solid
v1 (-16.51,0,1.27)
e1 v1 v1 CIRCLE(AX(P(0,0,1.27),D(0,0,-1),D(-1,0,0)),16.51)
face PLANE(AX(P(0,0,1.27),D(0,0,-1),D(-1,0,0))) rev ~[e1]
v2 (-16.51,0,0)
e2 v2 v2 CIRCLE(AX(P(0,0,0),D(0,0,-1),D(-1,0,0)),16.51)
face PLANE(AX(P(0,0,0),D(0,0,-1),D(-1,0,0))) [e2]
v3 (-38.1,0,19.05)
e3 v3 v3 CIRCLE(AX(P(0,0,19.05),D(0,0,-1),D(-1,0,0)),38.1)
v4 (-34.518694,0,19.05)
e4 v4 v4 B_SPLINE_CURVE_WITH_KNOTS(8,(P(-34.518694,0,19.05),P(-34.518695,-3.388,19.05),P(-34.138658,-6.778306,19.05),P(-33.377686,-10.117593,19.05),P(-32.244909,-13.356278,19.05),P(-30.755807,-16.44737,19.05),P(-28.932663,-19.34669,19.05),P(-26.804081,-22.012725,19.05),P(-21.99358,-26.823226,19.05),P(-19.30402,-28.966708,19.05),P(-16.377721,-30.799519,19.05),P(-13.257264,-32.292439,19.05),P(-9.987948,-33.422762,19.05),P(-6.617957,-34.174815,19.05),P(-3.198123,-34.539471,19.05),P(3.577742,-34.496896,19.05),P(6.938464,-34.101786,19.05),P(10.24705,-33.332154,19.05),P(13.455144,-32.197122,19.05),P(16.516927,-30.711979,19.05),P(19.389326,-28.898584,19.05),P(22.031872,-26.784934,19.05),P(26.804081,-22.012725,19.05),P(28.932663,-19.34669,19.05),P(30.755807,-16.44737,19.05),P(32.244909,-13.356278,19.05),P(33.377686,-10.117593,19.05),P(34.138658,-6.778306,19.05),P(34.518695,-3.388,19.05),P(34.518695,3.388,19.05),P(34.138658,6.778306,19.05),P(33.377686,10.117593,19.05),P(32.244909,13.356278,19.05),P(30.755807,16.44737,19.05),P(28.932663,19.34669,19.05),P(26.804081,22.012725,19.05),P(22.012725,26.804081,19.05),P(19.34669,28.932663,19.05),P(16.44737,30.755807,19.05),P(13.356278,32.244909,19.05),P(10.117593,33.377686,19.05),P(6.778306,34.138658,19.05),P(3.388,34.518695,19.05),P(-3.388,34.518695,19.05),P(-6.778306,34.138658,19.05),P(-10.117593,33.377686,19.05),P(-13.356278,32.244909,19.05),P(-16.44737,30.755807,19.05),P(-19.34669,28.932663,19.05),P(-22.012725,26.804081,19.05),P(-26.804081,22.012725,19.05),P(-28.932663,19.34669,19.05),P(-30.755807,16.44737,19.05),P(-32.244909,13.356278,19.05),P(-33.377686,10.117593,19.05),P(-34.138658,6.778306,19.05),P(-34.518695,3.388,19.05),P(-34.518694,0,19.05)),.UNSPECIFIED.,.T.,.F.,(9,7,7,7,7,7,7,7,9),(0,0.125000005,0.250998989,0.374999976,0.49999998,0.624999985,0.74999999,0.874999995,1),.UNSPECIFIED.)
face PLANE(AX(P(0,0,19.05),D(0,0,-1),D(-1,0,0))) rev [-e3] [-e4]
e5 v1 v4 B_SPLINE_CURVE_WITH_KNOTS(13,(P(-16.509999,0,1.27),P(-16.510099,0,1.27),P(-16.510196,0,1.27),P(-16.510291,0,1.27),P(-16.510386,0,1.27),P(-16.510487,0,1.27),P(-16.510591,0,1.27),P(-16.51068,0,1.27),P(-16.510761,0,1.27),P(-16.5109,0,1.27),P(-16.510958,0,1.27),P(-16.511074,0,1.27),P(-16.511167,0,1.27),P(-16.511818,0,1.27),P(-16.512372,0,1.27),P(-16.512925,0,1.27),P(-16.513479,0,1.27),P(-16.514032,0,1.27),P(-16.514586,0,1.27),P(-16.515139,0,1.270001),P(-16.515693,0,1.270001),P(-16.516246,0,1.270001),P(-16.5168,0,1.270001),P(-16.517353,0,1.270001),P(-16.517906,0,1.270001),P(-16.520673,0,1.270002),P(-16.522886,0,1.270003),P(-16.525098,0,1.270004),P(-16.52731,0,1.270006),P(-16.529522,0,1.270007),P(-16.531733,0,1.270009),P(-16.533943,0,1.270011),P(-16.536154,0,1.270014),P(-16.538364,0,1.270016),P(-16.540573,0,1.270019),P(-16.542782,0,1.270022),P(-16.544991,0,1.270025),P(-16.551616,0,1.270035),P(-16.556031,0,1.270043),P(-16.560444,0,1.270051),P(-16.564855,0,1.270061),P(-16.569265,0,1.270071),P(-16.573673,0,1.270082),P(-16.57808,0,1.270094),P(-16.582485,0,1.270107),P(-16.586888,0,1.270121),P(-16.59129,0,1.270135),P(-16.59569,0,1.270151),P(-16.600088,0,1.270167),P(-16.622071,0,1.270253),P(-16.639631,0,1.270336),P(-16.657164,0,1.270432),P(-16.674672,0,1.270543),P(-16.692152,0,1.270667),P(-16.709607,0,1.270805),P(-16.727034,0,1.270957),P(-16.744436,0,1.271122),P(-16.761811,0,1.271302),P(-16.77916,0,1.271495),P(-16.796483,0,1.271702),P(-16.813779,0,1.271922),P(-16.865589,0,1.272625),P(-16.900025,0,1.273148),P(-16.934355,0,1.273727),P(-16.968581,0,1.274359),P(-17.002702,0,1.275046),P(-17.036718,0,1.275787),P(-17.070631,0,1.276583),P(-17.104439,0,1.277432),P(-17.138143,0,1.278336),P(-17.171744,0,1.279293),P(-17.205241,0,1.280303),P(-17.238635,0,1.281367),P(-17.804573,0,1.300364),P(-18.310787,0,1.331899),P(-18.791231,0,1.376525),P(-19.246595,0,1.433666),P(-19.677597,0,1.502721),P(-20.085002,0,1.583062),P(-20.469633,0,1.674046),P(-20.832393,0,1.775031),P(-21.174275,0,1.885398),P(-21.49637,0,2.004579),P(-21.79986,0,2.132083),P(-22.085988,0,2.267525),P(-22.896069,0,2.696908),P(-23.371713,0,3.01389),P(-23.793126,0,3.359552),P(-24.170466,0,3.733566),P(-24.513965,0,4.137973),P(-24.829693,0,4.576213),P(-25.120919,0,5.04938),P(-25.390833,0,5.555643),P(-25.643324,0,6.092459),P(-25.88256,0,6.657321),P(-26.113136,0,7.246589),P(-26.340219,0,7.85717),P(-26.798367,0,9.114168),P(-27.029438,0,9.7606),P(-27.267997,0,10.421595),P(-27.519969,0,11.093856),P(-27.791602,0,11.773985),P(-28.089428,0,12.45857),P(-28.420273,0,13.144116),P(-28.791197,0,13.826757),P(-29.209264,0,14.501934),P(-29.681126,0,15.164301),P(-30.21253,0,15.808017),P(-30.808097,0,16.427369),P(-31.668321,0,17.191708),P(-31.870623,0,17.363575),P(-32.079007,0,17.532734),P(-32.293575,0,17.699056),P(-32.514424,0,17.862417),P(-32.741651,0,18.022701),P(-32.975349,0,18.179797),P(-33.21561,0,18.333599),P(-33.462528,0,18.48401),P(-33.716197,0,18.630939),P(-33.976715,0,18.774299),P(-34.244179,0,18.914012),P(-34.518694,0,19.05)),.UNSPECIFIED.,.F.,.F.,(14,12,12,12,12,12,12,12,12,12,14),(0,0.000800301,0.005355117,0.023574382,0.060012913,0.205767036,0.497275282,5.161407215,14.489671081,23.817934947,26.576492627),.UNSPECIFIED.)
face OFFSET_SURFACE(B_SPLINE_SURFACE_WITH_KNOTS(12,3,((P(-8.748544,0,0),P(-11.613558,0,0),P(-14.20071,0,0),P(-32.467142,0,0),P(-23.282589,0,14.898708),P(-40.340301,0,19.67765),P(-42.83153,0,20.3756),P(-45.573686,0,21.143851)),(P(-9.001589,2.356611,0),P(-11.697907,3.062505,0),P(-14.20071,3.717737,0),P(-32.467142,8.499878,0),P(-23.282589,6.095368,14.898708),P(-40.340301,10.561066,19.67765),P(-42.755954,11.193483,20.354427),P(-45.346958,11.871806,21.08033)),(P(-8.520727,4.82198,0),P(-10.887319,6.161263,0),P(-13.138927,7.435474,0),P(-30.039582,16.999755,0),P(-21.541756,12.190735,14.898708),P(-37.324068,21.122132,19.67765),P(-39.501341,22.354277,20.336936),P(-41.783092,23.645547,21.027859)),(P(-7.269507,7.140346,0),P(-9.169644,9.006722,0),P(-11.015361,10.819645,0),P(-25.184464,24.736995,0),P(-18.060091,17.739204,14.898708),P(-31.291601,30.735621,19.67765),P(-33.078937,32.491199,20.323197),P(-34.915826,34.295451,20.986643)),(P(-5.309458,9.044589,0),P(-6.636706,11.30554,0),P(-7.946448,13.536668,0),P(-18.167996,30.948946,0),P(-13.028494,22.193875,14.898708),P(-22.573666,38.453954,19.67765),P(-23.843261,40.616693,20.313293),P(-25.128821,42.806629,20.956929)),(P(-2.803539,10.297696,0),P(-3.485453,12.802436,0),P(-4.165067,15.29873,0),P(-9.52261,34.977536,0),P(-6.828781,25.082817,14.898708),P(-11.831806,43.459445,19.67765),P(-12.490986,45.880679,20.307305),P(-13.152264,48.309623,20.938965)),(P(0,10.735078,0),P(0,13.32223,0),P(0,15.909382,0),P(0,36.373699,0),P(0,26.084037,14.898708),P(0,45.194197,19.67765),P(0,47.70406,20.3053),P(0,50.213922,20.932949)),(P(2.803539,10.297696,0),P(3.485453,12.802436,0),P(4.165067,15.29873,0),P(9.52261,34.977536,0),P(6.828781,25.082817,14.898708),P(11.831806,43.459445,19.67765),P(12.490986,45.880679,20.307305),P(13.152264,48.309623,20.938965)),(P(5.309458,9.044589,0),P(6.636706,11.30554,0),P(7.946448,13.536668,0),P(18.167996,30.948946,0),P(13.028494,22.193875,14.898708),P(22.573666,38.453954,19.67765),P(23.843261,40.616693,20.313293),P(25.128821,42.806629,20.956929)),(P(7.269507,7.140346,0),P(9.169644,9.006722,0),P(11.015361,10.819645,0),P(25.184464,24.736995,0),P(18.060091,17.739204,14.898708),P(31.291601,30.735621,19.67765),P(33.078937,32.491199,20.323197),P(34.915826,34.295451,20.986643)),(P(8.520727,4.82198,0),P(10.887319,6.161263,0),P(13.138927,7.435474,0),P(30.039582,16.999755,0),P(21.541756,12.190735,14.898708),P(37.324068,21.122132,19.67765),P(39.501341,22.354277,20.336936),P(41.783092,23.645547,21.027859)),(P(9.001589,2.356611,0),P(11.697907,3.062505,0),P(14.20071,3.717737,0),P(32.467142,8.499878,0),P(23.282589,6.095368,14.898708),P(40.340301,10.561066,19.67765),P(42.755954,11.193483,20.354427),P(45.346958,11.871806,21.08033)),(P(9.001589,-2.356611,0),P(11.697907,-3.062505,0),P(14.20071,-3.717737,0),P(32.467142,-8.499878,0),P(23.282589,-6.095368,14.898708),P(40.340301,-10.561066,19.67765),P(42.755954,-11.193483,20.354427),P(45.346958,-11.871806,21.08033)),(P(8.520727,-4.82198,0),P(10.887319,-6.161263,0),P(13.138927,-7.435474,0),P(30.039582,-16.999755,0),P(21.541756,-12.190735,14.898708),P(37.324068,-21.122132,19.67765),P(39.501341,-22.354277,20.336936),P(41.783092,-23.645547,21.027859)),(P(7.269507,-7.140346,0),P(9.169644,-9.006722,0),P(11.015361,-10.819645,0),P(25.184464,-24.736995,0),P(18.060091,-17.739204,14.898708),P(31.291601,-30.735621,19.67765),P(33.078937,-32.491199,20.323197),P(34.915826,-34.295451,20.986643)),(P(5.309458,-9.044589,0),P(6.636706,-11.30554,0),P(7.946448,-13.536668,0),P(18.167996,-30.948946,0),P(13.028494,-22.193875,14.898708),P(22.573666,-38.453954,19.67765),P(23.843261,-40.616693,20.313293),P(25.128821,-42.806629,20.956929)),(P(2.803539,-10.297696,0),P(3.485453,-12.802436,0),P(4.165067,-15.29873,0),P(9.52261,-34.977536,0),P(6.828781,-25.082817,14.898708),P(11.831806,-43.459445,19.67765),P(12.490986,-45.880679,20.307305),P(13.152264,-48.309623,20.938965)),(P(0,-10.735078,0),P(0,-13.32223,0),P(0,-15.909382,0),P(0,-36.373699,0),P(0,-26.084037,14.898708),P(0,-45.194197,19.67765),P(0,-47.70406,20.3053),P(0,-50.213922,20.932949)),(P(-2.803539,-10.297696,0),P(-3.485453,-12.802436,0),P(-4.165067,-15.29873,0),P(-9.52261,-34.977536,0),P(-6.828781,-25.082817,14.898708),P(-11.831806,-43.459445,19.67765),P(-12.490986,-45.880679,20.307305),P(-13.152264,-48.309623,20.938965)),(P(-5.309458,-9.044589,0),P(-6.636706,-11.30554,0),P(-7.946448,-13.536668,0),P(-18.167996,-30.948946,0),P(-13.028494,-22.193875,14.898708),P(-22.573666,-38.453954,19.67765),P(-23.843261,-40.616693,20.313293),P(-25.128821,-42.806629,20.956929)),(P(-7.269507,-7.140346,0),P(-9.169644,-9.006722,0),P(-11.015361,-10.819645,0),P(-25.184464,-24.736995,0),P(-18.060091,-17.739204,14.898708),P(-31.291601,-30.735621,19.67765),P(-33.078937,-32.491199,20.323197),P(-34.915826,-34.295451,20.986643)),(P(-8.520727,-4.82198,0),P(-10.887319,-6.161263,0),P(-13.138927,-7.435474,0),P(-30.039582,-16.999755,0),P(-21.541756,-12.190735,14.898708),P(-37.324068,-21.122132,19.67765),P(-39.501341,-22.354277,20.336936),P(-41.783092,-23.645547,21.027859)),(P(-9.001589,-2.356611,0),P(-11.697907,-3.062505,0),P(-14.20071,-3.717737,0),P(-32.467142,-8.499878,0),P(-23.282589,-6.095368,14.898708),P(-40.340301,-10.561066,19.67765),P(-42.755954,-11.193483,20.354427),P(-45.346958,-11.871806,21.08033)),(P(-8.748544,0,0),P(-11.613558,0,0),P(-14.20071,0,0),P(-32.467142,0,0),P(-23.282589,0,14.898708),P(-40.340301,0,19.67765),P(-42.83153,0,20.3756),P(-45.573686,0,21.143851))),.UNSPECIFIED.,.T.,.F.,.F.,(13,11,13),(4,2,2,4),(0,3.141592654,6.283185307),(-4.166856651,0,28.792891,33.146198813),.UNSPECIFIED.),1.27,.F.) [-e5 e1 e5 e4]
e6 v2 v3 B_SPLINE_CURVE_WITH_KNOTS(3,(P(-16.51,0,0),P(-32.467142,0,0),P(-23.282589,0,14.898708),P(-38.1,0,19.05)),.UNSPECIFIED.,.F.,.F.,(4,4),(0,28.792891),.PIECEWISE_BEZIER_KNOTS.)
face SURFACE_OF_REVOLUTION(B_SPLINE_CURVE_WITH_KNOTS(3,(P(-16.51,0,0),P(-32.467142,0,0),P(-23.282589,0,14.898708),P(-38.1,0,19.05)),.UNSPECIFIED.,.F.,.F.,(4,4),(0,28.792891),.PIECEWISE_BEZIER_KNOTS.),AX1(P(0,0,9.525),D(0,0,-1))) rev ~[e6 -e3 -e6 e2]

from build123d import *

# Parameters (mm, degrees)
F2_T = -1.27


with BuildPart() as f1:
    # F0 (on Front) → F1 (revolve)
    with BuildSketch(Plane.XZ):
        with BuildLine():
            Line((-16.51, 0), (0, 0))
            Line((0, 0), (0, 19.05))
            Line((0, 19.05), (-38.1, 19.05))
            add(Edge.make_bspline(
                [(-16.51, 0), (-32.467142, 0), (-23.282589, 14.898708), (-38.1, 19.05)],
                knots=[0, 0, 0, 0, 28.792891, 28.792891, 28.792891, 28.792891], degree=3))
        make_face()
    revolve(axis=Axis((0, 0, 9.525), (0, 0, -1)))

    # F2
    f2_openings = [f1.faces().sort_by_distance(p)[0] for p in [
        (0, 0, 19.05),
    ]]
    offset(amount=F2_T, openings=f2_openings)


solid = f1.part
